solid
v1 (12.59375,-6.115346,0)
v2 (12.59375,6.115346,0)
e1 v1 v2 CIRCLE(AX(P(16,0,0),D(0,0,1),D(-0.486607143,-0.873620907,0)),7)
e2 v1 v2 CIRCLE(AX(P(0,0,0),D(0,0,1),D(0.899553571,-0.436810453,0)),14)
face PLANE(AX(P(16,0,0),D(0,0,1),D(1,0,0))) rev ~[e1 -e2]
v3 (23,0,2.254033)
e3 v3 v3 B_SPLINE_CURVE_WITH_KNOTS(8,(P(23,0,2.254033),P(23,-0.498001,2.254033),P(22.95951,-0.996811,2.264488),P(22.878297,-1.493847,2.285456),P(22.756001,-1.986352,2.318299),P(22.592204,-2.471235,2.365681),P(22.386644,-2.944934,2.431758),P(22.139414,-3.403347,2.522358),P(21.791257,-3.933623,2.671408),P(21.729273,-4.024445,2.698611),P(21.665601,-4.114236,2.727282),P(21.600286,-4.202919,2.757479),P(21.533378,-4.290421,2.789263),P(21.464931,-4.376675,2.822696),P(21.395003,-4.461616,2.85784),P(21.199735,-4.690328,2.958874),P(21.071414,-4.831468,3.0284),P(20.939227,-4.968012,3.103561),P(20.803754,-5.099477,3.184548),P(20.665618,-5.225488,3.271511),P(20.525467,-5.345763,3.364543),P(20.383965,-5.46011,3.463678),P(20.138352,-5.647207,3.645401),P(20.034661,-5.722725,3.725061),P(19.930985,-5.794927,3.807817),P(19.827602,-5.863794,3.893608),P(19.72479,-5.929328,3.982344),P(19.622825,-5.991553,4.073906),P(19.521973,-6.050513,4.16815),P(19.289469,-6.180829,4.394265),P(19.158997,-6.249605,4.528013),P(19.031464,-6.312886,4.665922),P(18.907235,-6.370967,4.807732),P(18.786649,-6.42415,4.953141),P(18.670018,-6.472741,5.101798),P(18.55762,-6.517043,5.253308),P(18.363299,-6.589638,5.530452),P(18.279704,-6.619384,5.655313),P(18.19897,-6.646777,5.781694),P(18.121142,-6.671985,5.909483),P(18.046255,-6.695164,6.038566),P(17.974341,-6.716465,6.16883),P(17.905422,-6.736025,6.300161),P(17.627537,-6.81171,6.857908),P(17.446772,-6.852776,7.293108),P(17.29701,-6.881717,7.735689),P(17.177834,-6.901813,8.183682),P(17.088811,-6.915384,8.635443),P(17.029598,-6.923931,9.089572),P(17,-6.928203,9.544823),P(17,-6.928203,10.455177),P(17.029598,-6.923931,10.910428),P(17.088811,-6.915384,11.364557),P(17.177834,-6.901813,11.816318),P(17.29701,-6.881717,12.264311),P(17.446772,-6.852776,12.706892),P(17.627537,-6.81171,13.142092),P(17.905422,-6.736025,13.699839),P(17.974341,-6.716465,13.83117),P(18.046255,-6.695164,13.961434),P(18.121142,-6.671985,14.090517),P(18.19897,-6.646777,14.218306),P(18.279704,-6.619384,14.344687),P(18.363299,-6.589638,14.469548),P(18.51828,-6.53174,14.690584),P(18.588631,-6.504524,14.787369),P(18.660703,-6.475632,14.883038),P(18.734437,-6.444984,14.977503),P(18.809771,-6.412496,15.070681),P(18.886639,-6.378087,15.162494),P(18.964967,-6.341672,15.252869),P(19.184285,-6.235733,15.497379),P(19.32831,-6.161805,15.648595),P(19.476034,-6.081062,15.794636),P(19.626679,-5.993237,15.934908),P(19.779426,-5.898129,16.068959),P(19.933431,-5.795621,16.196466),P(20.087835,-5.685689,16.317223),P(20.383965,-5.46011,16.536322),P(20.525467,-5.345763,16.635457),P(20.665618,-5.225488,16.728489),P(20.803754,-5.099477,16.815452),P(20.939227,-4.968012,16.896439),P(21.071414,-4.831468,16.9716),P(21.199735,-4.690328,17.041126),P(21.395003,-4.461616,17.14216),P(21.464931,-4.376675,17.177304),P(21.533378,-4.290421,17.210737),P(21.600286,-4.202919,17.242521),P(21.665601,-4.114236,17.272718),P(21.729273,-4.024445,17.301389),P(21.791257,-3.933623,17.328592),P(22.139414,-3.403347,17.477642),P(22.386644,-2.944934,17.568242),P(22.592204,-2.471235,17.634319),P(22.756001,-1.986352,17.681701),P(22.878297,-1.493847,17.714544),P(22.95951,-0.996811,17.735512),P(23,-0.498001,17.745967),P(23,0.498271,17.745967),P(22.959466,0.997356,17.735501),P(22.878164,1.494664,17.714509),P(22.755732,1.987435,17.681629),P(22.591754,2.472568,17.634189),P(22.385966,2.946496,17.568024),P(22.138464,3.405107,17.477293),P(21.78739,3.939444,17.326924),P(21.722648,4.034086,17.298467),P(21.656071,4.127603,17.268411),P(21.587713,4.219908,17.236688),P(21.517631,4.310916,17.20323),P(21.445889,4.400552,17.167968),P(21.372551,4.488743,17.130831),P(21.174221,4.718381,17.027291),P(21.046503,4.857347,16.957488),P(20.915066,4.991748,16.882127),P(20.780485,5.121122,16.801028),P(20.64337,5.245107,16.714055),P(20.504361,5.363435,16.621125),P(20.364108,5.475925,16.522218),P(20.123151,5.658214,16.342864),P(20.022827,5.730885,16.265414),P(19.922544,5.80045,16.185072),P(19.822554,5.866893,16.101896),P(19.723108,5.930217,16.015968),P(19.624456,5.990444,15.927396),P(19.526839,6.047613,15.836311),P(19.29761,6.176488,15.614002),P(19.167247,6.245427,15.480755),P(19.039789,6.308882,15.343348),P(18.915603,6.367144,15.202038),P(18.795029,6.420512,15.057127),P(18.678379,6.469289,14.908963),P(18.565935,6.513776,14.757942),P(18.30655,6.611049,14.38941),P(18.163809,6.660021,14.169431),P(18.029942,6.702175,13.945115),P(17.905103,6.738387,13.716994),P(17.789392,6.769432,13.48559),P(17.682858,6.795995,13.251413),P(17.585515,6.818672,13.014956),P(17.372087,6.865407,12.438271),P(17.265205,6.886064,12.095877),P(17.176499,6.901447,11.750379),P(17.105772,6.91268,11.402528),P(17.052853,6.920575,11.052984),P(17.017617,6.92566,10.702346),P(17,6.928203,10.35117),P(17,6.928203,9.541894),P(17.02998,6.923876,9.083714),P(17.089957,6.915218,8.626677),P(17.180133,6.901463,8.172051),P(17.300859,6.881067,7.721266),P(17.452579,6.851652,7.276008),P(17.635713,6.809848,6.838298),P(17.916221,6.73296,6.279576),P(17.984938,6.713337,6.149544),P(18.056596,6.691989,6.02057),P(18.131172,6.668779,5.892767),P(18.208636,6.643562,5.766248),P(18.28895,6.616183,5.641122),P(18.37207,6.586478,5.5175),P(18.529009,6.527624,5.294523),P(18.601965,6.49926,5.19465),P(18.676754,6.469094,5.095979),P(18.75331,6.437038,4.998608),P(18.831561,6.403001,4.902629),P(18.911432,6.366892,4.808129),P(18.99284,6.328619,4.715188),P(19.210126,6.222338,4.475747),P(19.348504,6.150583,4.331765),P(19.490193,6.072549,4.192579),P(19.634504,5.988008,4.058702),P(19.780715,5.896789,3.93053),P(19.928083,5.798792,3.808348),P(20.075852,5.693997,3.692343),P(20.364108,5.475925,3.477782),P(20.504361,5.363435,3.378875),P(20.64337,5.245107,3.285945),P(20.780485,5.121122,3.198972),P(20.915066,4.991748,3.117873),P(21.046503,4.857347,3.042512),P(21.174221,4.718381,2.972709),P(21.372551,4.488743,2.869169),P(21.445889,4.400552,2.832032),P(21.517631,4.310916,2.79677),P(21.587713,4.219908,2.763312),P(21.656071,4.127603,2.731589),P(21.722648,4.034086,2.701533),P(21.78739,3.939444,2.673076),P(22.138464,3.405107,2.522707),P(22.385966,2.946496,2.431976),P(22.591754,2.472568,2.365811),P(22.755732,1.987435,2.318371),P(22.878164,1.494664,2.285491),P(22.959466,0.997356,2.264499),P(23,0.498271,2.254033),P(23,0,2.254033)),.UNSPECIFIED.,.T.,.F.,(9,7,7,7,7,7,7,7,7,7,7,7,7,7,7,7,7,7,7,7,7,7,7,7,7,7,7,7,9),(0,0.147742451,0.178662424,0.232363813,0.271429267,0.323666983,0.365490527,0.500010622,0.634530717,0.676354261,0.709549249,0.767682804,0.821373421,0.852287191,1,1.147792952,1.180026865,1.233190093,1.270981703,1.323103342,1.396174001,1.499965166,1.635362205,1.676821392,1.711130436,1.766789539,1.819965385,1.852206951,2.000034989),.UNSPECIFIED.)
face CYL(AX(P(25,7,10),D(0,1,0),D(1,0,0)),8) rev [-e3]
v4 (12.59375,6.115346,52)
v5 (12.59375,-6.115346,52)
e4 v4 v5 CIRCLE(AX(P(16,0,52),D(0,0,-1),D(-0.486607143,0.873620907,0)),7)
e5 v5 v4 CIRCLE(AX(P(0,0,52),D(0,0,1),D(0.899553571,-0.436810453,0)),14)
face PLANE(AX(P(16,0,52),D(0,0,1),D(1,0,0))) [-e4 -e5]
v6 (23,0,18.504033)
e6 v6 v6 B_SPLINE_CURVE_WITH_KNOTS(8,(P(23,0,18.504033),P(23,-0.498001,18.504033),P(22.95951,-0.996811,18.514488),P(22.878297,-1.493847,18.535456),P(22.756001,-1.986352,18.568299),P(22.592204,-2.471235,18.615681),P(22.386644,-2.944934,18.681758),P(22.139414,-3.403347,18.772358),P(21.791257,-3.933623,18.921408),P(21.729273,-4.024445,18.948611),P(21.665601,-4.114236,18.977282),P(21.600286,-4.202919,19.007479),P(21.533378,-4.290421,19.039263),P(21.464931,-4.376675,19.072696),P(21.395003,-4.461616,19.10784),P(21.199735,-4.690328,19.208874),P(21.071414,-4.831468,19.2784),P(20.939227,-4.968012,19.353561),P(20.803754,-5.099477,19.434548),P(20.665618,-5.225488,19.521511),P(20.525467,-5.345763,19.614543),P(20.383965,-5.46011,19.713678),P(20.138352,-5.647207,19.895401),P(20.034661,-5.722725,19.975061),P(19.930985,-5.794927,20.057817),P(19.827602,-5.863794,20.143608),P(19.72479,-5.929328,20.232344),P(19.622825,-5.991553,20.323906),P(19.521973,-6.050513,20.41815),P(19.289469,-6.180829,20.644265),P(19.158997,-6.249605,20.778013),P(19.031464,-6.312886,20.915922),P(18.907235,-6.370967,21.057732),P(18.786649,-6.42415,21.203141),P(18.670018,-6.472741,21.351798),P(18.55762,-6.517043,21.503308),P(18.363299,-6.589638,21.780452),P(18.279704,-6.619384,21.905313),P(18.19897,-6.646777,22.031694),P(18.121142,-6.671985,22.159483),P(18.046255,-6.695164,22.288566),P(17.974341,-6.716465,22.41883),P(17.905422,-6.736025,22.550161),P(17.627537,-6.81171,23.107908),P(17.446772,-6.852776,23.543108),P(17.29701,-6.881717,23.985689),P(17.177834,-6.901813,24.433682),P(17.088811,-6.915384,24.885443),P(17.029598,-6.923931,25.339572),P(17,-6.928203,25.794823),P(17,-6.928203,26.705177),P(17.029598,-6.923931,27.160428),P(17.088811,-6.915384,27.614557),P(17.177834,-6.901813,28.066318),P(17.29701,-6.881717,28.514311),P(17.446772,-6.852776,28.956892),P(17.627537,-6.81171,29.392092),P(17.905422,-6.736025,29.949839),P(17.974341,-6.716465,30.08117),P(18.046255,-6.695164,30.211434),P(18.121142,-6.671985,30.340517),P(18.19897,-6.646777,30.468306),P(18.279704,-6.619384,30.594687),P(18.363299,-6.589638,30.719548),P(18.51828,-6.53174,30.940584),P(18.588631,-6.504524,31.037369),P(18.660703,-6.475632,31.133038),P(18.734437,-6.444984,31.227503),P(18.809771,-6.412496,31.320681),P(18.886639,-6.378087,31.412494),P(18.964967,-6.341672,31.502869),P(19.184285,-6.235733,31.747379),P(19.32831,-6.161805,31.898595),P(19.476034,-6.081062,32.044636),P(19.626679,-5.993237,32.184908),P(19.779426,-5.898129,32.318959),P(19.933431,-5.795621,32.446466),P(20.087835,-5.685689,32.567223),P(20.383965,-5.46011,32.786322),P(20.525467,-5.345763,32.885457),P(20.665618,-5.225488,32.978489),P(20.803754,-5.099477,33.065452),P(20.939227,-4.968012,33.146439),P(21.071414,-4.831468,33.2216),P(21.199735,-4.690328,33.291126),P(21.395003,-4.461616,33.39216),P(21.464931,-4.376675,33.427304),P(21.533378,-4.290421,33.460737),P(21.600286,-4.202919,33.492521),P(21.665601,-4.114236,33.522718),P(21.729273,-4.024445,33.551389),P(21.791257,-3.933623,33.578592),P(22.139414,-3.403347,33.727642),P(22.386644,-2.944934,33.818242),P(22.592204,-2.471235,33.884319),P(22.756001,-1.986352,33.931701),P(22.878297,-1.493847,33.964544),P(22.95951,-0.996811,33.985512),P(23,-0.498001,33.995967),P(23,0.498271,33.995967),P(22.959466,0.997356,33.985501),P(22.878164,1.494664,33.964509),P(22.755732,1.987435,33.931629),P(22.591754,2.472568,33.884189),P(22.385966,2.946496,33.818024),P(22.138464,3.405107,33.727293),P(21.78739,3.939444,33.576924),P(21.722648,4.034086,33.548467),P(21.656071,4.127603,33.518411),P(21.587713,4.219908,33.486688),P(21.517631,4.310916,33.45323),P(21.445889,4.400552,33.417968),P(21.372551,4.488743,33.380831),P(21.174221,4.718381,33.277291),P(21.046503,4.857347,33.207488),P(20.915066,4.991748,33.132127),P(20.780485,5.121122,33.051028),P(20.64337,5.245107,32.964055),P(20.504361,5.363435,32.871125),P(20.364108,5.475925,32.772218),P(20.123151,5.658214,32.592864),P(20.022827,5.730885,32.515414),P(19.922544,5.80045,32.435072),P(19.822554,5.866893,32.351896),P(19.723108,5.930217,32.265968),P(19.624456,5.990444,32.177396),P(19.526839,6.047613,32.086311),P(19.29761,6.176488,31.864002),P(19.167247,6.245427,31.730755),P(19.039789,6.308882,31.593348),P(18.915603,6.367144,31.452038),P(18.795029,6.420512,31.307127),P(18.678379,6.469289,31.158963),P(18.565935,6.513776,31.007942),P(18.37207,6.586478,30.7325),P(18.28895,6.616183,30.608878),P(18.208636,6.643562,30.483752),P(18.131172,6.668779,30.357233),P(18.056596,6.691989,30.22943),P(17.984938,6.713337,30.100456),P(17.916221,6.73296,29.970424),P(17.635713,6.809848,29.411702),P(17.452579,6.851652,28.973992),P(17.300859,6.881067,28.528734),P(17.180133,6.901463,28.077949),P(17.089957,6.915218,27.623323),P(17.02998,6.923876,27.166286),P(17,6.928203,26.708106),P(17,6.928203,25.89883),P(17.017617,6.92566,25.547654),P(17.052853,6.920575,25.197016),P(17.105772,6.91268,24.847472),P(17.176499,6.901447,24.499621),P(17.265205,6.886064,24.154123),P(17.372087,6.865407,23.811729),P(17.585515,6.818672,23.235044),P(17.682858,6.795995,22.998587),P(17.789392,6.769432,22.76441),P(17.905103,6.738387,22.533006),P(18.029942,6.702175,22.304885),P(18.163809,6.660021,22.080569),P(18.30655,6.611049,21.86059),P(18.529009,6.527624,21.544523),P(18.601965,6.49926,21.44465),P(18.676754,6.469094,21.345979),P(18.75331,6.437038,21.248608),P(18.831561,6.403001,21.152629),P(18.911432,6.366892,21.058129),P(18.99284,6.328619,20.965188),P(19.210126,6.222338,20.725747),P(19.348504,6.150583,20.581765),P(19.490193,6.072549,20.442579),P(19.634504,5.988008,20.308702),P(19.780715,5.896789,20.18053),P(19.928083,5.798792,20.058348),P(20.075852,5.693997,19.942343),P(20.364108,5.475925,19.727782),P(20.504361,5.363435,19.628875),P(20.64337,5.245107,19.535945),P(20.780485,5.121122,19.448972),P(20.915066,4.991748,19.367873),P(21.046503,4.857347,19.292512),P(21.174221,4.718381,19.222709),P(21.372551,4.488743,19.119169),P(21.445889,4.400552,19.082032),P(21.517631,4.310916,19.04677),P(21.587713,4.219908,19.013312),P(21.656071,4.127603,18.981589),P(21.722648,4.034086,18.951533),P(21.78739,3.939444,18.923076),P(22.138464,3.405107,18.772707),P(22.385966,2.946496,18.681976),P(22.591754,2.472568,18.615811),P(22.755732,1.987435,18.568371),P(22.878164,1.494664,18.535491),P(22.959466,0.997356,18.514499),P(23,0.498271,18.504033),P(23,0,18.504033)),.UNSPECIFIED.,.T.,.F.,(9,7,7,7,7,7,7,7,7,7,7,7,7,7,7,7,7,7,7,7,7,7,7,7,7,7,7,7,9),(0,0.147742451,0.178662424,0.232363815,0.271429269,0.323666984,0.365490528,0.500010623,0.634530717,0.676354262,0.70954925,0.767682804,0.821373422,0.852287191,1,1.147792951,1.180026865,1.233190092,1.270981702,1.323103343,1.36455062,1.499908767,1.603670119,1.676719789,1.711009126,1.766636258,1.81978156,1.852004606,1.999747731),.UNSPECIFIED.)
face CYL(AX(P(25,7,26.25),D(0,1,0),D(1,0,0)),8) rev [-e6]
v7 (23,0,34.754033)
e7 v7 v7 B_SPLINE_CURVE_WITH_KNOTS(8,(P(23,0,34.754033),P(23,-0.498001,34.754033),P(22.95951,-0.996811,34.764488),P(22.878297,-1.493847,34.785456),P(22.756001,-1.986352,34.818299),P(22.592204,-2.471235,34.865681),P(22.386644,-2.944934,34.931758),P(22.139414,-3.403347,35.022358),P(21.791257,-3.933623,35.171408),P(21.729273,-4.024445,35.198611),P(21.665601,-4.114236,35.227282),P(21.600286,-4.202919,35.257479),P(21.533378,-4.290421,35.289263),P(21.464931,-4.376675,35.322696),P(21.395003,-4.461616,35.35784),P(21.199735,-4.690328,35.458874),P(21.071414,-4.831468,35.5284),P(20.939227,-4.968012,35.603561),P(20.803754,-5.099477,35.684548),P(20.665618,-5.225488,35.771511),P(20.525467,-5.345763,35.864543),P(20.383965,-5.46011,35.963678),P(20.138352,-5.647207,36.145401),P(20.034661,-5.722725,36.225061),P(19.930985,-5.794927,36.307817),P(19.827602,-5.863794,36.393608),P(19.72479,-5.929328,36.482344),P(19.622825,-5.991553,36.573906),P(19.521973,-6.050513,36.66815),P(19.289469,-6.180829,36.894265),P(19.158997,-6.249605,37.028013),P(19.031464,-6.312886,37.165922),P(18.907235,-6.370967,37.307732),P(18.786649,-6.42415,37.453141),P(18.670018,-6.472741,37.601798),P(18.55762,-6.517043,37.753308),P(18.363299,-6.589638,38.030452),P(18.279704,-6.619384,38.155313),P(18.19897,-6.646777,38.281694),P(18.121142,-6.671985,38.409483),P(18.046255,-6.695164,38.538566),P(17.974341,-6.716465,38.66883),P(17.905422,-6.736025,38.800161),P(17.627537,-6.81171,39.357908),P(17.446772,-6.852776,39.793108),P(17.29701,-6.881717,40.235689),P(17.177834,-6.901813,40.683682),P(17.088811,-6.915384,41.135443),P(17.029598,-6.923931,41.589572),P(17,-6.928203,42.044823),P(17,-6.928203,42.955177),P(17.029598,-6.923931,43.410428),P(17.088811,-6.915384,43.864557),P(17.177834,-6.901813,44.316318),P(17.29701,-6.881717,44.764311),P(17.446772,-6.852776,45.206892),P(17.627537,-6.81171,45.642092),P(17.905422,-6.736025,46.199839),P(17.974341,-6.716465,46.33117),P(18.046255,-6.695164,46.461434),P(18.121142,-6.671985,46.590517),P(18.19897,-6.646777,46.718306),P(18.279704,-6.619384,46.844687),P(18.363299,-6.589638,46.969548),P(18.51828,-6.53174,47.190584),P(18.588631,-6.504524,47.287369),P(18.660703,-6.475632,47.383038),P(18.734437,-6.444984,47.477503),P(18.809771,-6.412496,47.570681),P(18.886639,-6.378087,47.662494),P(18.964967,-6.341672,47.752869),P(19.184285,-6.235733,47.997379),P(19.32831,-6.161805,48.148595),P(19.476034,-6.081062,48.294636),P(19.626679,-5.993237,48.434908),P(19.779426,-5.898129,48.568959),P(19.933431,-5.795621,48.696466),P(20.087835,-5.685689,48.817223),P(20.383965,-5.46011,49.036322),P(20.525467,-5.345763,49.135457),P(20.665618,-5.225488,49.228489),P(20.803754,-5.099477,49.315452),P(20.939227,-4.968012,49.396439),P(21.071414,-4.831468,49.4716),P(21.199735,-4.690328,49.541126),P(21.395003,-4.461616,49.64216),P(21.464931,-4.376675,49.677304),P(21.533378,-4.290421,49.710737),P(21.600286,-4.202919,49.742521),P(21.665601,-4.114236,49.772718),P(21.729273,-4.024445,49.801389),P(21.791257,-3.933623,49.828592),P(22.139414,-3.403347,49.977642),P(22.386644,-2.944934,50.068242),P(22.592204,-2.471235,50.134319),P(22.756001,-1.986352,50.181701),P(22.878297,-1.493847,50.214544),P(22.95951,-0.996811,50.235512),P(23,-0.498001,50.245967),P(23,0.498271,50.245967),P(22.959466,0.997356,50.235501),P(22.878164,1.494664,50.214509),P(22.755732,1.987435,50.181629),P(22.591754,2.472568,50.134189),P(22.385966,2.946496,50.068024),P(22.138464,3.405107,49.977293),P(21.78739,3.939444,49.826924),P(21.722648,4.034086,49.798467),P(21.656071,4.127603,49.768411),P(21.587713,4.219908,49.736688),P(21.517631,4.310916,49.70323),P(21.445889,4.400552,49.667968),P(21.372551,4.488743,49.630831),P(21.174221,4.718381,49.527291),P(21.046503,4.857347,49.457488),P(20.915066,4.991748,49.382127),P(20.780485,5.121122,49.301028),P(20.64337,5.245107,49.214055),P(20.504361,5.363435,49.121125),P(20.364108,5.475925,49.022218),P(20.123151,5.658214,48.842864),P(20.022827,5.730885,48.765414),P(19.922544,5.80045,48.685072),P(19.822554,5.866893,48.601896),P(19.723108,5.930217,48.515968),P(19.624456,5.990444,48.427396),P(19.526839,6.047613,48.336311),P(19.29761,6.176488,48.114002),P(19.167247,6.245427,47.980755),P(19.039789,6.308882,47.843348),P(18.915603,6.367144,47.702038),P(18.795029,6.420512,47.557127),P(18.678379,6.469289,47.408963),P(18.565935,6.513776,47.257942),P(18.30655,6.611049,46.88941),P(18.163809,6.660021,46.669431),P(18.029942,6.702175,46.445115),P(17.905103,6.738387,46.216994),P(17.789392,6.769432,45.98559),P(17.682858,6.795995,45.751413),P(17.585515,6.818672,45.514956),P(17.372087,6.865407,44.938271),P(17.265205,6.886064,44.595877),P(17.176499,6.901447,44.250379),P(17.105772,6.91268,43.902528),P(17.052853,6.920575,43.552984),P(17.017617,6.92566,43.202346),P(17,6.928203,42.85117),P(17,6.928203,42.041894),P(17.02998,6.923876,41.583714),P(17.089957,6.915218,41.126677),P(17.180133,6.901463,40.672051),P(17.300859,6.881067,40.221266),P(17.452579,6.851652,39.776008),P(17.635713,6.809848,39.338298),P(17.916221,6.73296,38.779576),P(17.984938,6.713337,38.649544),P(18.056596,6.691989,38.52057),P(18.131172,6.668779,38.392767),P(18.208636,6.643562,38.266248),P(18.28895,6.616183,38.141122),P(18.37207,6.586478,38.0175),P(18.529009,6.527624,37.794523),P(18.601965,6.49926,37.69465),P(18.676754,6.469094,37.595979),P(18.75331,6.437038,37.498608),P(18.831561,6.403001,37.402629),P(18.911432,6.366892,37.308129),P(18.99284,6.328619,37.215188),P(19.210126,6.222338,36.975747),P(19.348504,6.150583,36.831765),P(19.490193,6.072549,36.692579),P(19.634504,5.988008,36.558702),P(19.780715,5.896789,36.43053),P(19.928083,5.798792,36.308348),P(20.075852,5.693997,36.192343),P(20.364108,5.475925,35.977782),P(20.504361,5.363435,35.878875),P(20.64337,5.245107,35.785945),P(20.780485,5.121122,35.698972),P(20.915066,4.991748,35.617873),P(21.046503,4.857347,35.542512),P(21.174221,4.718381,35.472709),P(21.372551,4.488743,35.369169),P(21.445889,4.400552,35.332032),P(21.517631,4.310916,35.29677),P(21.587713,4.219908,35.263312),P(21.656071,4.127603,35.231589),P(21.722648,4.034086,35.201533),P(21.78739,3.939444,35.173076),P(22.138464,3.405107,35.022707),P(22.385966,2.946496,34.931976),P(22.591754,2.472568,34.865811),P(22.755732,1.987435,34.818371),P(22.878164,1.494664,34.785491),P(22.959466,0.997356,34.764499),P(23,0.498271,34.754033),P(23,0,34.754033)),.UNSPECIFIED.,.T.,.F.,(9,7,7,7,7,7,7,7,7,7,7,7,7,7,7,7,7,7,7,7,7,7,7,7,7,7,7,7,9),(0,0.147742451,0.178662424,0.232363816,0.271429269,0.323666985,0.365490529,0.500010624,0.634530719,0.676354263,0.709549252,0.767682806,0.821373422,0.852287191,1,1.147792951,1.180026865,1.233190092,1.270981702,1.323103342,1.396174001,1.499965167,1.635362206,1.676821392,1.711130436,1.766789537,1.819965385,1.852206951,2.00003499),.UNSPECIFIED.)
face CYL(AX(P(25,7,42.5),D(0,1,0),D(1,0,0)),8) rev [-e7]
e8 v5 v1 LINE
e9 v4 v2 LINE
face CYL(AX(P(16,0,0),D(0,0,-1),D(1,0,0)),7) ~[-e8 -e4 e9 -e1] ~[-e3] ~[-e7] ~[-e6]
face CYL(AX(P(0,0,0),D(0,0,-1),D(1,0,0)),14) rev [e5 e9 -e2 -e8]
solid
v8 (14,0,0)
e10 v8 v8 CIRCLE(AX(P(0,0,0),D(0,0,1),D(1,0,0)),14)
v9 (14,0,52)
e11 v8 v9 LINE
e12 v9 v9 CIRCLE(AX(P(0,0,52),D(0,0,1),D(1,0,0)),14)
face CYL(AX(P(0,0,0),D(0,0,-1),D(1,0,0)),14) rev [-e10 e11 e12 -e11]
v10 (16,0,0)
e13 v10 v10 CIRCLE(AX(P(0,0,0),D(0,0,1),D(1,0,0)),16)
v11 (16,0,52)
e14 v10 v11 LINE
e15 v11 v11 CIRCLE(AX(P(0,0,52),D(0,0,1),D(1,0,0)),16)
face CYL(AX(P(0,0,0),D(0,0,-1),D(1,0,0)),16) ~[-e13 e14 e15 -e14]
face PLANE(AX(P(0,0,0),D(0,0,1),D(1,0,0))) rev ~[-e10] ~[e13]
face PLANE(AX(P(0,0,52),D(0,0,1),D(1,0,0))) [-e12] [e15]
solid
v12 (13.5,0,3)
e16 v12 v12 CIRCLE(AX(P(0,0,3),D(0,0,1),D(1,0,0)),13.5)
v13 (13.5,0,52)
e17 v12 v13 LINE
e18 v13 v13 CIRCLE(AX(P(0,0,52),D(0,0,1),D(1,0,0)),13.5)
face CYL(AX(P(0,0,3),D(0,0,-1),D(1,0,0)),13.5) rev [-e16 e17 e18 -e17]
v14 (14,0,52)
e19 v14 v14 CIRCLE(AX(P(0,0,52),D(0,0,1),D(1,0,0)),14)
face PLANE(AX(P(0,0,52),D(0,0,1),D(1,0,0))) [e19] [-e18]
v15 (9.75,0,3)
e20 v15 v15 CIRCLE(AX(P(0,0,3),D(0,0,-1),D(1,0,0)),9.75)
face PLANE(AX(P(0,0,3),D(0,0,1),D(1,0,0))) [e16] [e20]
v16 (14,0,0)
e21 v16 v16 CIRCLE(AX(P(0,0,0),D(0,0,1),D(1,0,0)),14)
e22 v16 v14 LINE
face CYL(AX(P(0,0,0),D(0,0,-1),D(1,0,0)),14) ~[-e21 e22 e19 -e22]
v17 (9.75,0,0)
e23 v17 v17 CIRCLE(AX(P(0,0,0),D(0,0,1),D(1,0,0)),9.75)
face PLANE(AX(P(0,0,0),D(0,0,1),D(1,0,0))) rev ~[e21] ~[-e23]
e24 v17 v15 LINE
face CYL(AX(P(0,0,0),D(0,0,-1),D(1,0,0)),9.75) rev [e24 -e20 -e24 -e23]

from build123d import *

# Parameters (mm, degrees)
CYLINDER007_R     = 13.5
CYLINDER007_DEPTH = 49
CYLINDER_R        = 9.75
CYLINDER_DEPTH    = 52
CYLINDER001_R     = 12
CYLINDER001_DEPTH = 49
CYLINDER002_R     = 14
CYLINDER002_DEPTH = 52
CYLINDER006_R     = 14
CYLINDER006_DEPTH = 52
CYLINDER008_R     = 16
CYLINDER008_DEPTH = 52
CYLINDER013_R     = 8
CYLINDER013_DEPTH = 14
CYLINDER012_R     = 8
CYLINDER012_DEPTH = 14
CYLINDER011_R     = 8
CYLINDER011_DEPTH = 14
CYLINDER010_R     = 14
CYLINDER010_DEPTH = 52
CYLINDER009_R     = 7
CYLINDER009_DEPTH = 52


with BuildPart() as cylinder:
    # Cylinder007 → Cylinder007 (new body)
    with BuildSketch(Plane.XY.offset(3)):
        Circle(CYLINDER007_R)
    extrude(amount=CYLINDER007_DEPTH)


with BuildPart() as power_button:
    # Cylinder → Cylinder (new body)
    with BuildSketch(Plane.XY):
        Circle(CYLINDER_R)
    extrude(amount=CYLINDER_DEPTH)


with BuildPart() as cylinder001:
    # Cylinder001 → Cylinder001 (new body)
    with BuildSketch(Plane.XY.offset(3)):
        Circle(CYLINDER001_R)
    extrude(amount=CYLINDER001_DEPTH)


with BuildPart() as cut002:
    # Cylinder002 → Cylinder002 (new body)
    with BuildSketch(Plane.XY):
        Circle(CYLINDER002_R)
    extrude(amount=CYLINDER002_DEPTH)

    # Cut: cut Cylinder001
    add(cylinder001.part, mode=Mode.SUBTRACT)

    # Cut001: cut Power Button
    add(power_button.part, mode=Mode.SUBTRACT)

    # Cut002: cut Cylinder
    add(cylinder.part, mode=Mode.SUBTRACT)


with BuildPart() as cylinder006:
    # Cylinder006 → Cylinder006 (new body)
    with BuildSketch(Plane.XY):
        Circle(CYLINDER006_R)
    extrude(amount=CYLINDER006_DEPTH)


with BuildPart() as cut003:
    # Cylinder008 → Cylinder008 (new body)
    with BuildSketch(Plane.XY):
        Circle(CYLINDER008_R)
    extrude(amount=CYLINDER008_DEPTH)

    # Cut003: cut Cylinder006
    add(cylinder006.part, mode=Mode.SUBTRACT)


with BuildPart() as cylinder013:
    # Cylinder013 → Cylinder013 (new body)
    with BuildSketch(Plane(origin=(25, 7, 42.5), x_dir=(1, 0, 0), z_dir=(0, -1, 0))):
        Circle(CYLINDER013_R)
    extrude(amount=CYLINDER013_DEPTH)


with BuildPart() as cylinder012:
    # Cylinder012 → Cylinder012 (new body)
    with BuildSketch(Plane(origin=(25, 7, 26.25), x_dir=(1, 0, 0), z_dir=(0, -1, 0))):
        Circle(CYLINDER012_R)
    extrude(amount=CYLINDER012_DEPTH)


with BuildPart() as cylinder011:
    # Cylinder011 → Cylinder011 (new body)
    with BuildSketch(Plane(origin=(25, 7, 10), x_dir=(1, 0, 0), z_dir=(0, -1, 0))):
        Circle(CYLINDER011_R)
    extrude(amount=CYLINDER011_DEPTH)


with BuildPart() as cylinder010:
    # Cylinder010 → Cylinder010 (new body)
    with BuildSketch(Plane.XY):
        Circle(CYLINDER010_R)
    extrude(amount=CYLINDER010_DEPTH)


with BuildPart() as cut007:
    # Cylinder009 → Cylinder009 (new body)
    with BuildSketch(Plane(origin=(16, 0, 0), x_dir=(1, 0, 0), z_dir=(0, 0, 1))):
        Circle(CYLINDER009_R)
    extrude(amount=CYLINDER009_DEPTH)

    # Cut004: cut Cylinder010
    add(cylinder010.part, mode=Mode.SUBTRACT)

    # Cut005: cut Cylinder011
    add(cylinder011.part, mode=Mode.SUBTRACT)

    # Cut006: cut Cylinder012
    add(cylinder012.part, mode=Mode.SUBTRACT)

    # Cut007: cut Cylinder013
    add(cylinder013.part, mode=Mode.SUBTRACT)


solid = Compound([cut002.part, cut003.part, cut007.part])
